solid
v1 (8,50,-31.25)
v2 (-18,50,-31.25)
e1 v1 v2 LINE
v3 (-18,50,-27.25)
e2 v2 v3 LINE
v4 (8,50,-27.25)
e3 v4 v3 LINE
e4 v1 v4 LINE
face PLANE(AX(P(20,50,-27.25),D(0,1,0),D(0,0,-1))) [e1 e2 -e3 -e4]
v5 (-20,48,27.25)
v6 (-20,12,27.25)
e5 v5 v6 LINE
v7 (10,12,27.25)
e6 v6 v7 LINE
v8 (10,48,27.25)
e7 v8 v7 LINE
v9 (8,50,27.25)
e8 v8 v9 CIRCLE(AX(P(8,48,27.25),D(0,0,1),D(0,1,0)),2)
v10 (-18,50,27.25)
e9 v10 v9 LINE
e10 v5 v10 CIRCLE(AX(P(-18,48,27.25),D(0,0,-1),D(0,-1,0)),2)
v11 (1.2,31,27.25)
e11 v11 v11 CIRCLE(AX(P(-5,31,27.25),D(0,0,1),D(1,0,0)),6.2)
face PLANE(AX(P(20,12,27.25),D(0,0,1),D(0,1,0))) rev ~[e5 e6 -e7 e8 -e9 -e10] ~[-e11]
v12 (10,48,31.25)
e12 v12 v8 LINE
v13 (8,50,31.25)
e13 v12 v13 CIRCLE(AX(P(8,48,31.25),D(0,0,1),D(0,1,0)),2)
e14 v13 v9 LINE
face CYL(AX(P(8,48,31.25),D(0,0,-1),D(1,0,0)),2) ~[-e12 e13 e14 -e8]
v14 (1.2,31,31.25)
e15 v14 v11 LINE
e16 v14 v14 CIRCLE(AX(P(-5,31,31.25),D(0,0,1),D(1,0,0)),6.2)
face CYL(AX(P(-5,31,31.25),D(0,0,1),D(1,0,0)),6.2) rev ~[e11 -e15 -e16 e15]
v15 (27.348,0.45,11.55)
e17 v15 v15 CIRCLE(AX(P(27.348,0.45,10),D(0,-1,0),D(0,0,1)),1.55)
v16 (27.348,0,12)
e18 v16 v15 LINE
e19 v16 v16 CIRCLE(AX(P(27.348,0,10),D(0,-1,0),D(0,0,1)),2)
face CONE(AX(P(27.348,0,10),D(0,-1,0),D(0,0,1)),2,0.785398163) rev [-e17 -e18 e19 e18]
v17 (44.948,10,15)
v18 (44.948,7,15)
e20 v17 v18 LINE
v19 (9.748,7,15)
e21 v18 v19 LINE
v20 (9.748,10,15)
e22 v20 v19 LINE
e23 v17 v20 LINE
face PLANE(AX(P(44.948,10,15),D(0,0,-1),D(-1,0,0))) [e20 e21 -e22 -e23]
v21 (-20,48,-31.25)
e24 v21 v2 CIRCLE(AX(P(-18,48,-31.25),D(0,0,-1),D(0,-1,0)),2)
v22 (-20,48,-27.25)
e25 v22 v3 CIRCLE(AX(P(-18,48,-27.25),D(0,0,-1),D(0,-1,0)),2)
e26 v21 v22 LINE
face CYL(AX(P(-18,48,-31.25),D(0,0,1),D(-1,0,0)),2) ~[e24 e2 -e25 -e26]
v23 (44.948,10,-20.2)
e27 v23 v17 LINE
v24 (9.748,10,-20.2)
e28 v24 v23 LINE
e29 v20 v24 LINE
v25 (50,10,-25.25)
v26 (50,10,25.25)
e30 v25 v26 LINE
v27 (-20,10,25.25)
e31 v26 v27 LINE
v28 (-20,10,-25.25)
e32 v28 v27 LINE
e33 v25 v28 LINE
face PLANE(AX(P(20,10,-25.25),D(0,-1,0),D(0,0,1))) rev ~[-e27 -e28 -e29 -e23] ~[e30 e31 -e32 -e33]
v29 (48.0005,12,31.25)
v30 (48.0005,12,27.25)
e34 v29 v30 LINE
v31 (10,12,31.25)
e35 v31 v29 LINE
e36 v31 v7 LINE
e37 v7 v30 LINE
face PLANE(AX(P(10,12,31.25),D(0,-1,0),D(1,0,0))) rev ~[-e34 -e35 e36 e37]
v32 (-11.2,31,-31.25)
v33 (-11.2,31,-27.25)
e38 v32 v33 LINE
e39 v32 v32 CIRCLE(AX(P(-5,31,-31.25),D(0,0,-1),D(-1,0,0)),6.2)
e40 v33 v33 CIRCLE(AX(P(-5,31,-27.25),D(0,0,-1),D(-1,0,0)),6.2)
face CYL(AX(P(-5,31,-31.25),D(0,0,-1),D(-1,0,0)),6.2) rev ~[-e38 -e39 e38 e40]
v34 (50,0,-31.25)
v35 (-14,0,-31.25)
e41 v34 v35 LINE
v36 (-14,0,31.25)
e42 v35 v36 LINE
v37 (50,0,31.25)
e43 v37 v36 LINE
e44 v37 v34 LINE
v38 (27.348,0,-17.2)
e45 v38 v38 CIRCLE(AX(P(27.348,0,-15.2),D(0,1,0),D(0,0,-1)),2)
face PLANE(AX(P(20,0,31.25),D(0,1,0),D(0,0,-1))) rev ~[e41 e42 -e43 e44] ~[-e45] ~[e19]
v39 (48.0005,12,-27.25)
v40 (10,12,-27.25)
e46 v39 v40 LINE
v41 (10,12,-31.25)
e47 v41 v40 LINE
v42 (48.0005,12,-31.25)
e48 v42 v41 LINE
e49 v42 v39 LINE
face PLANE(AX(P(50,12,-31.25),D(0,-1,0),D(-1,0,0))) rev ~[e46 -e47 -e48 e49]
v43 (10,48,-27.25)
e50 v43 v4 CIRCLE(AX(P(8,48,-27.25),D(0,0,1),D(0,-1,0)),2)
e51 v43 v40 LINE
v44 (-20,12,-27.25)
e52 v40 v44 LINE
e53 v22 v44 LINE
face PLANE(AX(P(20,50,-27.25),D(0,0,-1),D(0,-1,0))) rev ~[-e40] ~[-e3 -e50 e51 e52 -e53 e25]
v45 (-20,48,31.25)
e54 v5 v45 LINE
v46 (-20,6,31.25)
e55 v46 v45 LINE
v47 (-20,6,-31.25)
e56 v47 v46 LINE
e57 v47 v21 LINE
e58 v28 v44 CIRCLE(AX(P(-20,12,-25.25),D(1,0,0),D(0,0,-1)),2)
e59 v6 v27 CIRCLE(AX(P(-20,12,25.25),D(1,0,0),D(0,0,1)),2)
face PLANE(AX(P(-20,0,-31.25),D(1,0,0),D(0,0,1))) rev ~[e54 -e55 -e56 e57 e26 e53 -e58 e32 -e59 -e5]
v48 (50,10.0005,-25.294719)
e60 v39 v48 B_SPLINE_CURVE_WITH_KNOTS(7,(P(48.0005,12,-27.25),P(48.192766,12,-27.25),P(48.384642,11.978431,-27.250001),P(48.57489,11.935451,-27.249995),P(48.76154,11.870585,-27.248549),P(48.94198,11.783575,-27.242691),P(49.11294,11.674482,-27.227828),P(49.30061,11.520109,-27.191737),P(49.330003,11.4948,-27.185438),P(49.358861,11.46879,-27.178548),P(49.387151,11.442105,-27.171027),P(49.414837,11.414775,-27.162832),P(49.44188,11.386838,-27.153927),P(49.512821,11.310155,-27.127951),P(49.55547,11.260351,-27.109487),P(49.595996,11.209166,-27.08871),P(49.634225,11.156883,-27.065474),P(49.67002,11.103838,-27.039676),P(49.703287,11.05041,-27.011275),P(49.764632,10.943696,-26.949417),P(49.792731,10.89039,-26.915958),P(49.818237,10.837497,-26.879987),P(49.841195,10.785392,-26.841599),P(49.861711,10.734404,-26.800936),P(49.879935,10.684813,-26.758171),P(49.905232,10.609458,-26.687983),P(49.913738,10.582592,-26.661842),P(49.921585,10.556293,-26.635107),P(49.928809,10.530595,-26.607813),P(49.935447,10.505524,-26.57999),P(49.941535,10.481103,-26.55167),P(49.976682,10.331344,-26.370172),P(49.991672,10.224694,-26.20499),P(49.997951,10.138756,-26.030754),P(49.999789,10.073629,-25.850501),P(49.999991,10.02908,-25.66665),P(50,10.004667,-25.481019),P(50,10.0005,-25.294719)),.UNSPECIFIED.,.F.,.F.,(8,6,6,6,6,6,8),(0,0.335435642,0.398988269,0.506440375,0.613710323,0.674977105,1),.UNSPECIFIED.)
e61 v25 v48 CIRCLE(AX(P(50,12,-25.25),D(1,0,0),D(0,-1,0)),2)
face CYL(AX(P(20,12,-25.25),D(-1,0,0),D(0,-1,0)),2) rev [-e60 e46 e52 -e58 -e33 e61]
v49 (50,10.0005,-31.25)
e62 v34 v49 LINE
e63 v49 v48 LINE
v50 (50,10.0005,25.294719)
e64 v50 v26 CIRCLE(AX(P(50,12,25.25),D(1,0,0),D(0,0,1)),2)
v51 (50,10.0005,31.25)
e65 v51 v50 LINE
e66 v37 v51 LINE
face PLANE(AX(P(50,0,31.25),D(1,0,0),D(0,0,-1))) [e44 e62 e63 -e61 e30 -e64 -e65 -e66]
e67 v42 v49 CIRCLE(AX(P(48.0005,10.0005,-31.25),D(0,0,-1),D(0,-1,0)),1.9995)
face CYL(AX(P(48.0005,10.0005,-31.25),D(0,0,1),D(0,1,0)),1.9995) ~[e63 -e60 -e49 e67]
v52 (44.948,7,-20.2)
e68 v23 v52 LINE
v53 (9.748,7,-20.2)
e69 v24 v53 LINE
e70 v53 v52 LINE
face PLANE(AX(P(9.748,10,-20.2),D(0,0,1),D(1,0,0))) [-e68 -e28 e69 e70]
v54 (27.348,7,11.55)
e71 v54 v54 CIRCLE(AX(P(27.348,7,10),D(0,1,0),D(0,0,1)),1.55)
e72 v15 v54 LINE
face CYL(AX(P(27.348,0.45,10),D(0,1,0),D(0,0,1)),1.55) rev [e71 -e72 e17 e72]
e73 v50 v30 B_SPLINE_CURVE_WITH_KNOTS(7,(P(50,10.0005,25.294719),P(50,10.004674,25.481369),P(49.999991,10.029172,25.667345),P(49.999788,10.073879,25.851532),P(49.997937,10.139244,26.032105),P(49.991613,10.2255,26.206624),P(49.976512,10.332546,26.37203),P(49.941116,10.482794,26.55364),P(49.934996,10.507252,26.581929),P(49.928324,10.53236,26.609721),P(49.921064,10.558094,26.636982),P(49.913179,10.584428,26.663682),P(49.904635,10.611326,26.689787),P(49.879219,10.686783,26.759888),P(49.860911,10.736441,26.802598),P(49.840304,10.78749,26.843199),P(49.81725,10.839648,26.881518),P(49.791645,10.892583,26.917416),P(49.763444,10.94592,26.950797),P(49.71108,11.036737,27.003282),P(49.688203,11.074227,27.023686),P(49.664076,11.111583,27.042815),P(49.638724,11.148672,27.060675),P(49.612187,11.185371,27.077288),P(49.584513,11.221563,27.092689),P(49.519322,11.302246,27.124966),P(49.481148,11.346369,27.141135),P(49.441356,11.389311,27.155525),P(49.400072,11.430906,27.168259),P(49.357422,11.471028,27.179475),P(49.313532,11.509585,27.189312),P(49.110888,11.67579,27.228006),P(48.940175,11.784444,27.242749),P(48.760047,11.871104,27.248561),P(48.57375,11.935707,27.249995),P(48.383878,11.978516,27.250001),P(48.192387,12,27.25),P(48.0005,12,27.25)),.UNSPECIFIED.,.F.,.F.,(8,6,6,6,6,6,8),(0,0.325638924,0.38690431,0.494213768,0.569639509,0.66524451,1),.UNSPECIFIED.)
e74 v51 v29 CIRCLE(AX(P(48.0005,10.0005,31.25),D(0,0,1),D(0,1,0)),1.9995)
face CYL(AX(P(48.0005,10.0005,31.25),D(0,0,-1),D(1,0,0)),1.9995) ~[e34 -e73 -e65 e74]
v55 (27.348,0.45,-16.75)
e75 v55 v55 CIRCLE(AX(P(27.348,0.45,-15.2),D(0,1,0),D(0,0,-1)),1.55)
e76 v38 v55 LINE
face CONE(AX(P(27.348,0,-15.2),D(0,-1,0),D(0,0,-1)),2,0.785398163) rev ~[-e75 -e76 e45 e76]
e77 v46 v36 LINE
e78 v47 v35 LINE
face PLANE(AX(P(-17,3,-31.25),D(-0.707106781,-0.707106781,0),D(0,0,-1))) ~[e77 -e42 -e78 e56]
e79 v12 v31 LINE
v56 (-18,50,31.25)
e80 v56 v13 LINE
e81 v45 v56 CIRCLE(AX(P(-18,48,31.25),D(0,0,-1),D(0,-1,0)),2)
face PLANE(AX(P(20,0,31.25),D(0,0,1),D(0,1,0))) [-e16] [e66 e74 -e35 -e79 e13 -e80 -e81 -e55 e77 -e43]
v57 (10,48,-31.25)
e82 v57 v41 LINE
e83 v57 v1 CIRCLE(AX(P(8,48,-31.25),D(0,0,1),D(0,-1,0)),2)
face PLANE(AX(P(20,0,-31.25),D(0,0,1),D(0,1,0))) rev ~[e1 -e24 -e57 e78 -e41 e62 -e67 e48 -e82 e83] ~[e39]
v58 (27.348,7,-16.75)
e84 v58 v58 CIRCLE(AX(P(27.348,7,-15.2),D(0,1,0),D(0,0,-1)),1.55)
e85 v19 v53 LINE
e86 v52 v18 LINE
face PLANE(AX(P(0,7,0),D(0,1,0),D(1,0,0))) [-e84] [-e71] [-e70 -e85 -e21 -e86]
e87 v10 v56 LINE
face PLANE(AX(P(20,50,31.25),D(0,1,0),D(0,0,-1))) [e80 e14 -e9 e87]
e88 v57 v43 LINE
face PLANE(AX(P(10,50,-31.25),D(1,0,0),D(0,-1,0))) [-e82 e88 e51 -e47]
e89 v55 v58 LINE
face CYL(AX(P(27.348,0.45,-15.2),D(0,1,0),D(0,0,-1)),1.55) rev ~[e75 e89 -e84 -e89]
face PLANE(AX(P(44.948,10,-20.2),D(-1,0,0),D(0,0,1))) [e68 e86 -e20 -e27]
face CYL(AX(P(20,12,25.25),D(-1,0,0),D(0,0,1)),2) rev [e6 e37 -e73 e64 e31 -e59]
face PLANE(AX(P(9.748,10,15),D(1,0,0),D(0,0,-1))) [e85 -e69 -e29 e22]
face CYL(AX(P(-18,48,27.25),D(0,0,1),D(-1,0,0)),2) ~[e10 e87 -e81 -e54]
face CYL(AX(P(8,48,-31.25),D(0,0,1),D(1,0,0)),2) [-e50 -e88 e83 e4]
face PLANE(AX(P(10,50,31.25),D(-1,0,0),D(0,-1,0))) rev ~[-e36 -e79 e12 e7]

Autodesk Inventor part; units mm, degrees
ref_plane "YZ Plane" through (0, 0, 0) normal (1, 0, 0) x (0, 1, 0)
sketch "Sketch1" plane through (0, 0, 0) normal (0, 1, 0) x (-1, 0, 0)
  line L0 (20, 31.25) -> (-20, 31.25)
  line L1 (-20, 31.25) -> (-20, -31.25)
  line L2 (-20, -31.25) -> (20, -31.25)
  line L3 (20, -31.25) -> (20, 31.25)
  line L4 (20, 31.25) -> (-20, -31.25) construction
  line L5 (-20, 31.25) -> (20, -31.25) construction
  point P0 (0, 0)
  dimension "d0" = 40
  dimension "d1" = 62.5
extrude "Extrusion1" add sketch "Sketch1" along normal blind 50
sketch "Sketch2" plane through (0, 50, 0) normal (0, 1, 0) x (1, 0, 0)
  line L0 (20, -31.25) -> (20, 31.25) projected
  line L1 (-20, -27.25) -> (20, -27.25)
  line L2 (20, -27.25) -> (20, 27.25)
  line L3 (20, 27.25) -> (-20, 27.25)
  line L4 (-20, 27.25) -> (-20, -27.25)
  line L5 (-20, -27.25) -> (20, 27.25) construction
  line L6 (20, -27.25) -> (-20, 27.25) construction
  line L7 (-20, -31.25) -> (20, -31.25) projected
  point P0 (0, 0)
  dimension "d4" = 4
extrude "Extrusion2" cut sketch "Sketch2" against normal blind 40
sketch "Sketch3" plane through (-20, 0, 31.25) normal (0, 0, 1) x (1, 0, 0)
  circle A0 centre (15, 31) radius 6.2
  line L0 (40, 10) -> (0, 10) projected
  line L1 (40, 10) -> (40, 50) projected
  line L2 (0, 0) -> (0, 50) projected
  point P0 (20, 0)
  point P1 (40, 30)
  dimension "d7" = 12.4
  dimension "d15" = 21
  dimension "d38" = 15
extrude "Extrusion3" cut sketch "Sketch3" against normal blind 8
sketch "Sketch4" plane through (20, 0, -31.25) normal (0, 0, -1) x (-1, 0, 0)
  circle A0 centre (25, 31) radius 6.2 projected
  point P0 (20, 0)
extrude "Extrusion4" cut sketch "Sketch4" against normal blind 8
fillet "Fillet1" radius 2 2 edges at (0, 10, 27.25) (0, 10, -27.25)
sketch "Sketch5" plane through (20, 0, 31.25) normal (1, 0, 0) x (0, 0, -1)
  line L0 (4, 12) -> (4, 50) projected
  line L1 (0, 50) -> (4, 50) projected
  line L2 (0, 0) -> (0, 50) projected
  arc A0 (4, 12) -> (6, 10) centre (6, 12) ccw projected
  line L3 (0, 0) -> (62.5, 0) projected
  line L4 (56.5, 10) -> (6, 10) projected
  arc A1 (56.5, 10) -> (58.5, 12) centre (56.5, 12) ccw projected
  line L5 (58.5, 50) -> (58.5, 12) projected
  line L6 (62.5, 0) -> (62.5, 50) projected
  line L7 (58.5, 50) -> (62.5, 50) projected
  point P0 (31.25, 0)
extrude "Extrusion5" add sketch "Sketch5" along normal blind 30
sketch "Sketch6" plane through (0, 10, 0) normal (0, 1, 0) x (1, 0, 0)
  line L0 (9.748, 20.2) -> (44.948, 20.2)
  line L1 (44.948, 20.2) -> (44.948, -15)
  line L2 (44.948, -15) -> (9.748, -15)
  line L3 (9.748, -15) -> (9.748, 20.2)
  line L4 (9.748, 20.2) -> (44.948, -15) construction
  line L5 (44.948, 20.2) -> (9.748, -15) construction
  line L6 (-20, -25.25) -> (-20, 25.25) projected
  point P0 (0, 0)
  point P1 (27.348, 2.6)
  point P2 (-20, 0)
  point P3 (44.948, 2.6)
  dimension "d16" = 35.2
  dimension "d17" = 35.2
  dimension "d18" = 65
  dimension "d84" = 2.6
extrude "Extrusion6" cut sketch "Sketch6" against normal blind 3
sketch "Sketch10" plane through (0, 0, 0) normal (0, -1, 0) x (1, 0, 0)
  line L0 (44.948, 15) -> (9.748, 15) projected
  line L1 (44.948, -20.2) -> (44.948, 15) projected
  line L2 (9.748, -20.2) -> (44.948, -20.2) projected
  line L3 (9.748, 15) -> (9.748, -20.2) projected
  point P0 (0, 0)
  point P1 (27.348, -15.2)
  point P2 (27.348, -20.2)
  dimension "d37" = 5
hole "Hole1" at (27.348, 0, -15.2) direction (0, 1, 0) diameter 3.1 end through all countersink diameter 4 countersink angle 90
ref_plane "Work Plane1" through (20, 0, -31.25) normal (-1, 0, 0) x (0, 0, 1)
fillet "Fillet4" radius 2 4 edges at (-20, 50, -29.25) (50, 50, -29.25) (50, 50, 29.25) (-20, 50, 29.25)
sketch "Sketch16" plane through (50, 0, -31.25) normal (0, 0, -1) x (-1, 0, 0)
  line L0 (68, 50) -> (2, 50) projected
  arc A0 (2, 50) -> (0, 48) centre (2, 48) ccw projected
  line L1 (0, 0) -> (0, 48) projected
  line L2 (0, 12) -> (70, 12) projected
  line L3 (40, 50) -> (40, 12)
  point P0 (50, 0)
  dimension "d93" = 40
extrude "Extrusion14" cut sketch "Sketch16" against normal blind 4
fillet "Fillet5" radius 2 1 edges at (10, 50, -29.25)
sketch "Sketch17" plane through (-20, 0, 31.25) normal (0, 0, 1) x (1, 0, 0)
  line L0 (2, 50) -> (68, 50) projected
  line L1 (70, 48) -> (70, 0) projected
  arc A0 (70, 48) -> (68, 50) centre (68, 48) ccw projected
  line L2 (0, 12) -> (70, 12) projected
  line L3 (30, 50) -> (30, 12)
  point P0 (20, 0)
  dimension "d88" = 40
extrude "Extrusion15" cut sketch "Sketch17" against normal blind 4
fillet "Fillet6" radius 2 2 edges at (50, 12, 29.25) (50, 12, -29.25)
fillet "Fillet7" radius 2 1 edges at (10, 50, 29.25)
ref_plane "Work Plane2" through (44.948, 10, -2.6) normal (0, 0, -1) x (-1, 0, 0)
mirror "Mirror5" about plane through (44.948, 10, -2.6) normal (0, 0, -1) of "Hole1"
chamfer "Chamfer1" distance 6 angle 45 1 edges at (-20, 0, 0)
properties part number "base_engrane"
